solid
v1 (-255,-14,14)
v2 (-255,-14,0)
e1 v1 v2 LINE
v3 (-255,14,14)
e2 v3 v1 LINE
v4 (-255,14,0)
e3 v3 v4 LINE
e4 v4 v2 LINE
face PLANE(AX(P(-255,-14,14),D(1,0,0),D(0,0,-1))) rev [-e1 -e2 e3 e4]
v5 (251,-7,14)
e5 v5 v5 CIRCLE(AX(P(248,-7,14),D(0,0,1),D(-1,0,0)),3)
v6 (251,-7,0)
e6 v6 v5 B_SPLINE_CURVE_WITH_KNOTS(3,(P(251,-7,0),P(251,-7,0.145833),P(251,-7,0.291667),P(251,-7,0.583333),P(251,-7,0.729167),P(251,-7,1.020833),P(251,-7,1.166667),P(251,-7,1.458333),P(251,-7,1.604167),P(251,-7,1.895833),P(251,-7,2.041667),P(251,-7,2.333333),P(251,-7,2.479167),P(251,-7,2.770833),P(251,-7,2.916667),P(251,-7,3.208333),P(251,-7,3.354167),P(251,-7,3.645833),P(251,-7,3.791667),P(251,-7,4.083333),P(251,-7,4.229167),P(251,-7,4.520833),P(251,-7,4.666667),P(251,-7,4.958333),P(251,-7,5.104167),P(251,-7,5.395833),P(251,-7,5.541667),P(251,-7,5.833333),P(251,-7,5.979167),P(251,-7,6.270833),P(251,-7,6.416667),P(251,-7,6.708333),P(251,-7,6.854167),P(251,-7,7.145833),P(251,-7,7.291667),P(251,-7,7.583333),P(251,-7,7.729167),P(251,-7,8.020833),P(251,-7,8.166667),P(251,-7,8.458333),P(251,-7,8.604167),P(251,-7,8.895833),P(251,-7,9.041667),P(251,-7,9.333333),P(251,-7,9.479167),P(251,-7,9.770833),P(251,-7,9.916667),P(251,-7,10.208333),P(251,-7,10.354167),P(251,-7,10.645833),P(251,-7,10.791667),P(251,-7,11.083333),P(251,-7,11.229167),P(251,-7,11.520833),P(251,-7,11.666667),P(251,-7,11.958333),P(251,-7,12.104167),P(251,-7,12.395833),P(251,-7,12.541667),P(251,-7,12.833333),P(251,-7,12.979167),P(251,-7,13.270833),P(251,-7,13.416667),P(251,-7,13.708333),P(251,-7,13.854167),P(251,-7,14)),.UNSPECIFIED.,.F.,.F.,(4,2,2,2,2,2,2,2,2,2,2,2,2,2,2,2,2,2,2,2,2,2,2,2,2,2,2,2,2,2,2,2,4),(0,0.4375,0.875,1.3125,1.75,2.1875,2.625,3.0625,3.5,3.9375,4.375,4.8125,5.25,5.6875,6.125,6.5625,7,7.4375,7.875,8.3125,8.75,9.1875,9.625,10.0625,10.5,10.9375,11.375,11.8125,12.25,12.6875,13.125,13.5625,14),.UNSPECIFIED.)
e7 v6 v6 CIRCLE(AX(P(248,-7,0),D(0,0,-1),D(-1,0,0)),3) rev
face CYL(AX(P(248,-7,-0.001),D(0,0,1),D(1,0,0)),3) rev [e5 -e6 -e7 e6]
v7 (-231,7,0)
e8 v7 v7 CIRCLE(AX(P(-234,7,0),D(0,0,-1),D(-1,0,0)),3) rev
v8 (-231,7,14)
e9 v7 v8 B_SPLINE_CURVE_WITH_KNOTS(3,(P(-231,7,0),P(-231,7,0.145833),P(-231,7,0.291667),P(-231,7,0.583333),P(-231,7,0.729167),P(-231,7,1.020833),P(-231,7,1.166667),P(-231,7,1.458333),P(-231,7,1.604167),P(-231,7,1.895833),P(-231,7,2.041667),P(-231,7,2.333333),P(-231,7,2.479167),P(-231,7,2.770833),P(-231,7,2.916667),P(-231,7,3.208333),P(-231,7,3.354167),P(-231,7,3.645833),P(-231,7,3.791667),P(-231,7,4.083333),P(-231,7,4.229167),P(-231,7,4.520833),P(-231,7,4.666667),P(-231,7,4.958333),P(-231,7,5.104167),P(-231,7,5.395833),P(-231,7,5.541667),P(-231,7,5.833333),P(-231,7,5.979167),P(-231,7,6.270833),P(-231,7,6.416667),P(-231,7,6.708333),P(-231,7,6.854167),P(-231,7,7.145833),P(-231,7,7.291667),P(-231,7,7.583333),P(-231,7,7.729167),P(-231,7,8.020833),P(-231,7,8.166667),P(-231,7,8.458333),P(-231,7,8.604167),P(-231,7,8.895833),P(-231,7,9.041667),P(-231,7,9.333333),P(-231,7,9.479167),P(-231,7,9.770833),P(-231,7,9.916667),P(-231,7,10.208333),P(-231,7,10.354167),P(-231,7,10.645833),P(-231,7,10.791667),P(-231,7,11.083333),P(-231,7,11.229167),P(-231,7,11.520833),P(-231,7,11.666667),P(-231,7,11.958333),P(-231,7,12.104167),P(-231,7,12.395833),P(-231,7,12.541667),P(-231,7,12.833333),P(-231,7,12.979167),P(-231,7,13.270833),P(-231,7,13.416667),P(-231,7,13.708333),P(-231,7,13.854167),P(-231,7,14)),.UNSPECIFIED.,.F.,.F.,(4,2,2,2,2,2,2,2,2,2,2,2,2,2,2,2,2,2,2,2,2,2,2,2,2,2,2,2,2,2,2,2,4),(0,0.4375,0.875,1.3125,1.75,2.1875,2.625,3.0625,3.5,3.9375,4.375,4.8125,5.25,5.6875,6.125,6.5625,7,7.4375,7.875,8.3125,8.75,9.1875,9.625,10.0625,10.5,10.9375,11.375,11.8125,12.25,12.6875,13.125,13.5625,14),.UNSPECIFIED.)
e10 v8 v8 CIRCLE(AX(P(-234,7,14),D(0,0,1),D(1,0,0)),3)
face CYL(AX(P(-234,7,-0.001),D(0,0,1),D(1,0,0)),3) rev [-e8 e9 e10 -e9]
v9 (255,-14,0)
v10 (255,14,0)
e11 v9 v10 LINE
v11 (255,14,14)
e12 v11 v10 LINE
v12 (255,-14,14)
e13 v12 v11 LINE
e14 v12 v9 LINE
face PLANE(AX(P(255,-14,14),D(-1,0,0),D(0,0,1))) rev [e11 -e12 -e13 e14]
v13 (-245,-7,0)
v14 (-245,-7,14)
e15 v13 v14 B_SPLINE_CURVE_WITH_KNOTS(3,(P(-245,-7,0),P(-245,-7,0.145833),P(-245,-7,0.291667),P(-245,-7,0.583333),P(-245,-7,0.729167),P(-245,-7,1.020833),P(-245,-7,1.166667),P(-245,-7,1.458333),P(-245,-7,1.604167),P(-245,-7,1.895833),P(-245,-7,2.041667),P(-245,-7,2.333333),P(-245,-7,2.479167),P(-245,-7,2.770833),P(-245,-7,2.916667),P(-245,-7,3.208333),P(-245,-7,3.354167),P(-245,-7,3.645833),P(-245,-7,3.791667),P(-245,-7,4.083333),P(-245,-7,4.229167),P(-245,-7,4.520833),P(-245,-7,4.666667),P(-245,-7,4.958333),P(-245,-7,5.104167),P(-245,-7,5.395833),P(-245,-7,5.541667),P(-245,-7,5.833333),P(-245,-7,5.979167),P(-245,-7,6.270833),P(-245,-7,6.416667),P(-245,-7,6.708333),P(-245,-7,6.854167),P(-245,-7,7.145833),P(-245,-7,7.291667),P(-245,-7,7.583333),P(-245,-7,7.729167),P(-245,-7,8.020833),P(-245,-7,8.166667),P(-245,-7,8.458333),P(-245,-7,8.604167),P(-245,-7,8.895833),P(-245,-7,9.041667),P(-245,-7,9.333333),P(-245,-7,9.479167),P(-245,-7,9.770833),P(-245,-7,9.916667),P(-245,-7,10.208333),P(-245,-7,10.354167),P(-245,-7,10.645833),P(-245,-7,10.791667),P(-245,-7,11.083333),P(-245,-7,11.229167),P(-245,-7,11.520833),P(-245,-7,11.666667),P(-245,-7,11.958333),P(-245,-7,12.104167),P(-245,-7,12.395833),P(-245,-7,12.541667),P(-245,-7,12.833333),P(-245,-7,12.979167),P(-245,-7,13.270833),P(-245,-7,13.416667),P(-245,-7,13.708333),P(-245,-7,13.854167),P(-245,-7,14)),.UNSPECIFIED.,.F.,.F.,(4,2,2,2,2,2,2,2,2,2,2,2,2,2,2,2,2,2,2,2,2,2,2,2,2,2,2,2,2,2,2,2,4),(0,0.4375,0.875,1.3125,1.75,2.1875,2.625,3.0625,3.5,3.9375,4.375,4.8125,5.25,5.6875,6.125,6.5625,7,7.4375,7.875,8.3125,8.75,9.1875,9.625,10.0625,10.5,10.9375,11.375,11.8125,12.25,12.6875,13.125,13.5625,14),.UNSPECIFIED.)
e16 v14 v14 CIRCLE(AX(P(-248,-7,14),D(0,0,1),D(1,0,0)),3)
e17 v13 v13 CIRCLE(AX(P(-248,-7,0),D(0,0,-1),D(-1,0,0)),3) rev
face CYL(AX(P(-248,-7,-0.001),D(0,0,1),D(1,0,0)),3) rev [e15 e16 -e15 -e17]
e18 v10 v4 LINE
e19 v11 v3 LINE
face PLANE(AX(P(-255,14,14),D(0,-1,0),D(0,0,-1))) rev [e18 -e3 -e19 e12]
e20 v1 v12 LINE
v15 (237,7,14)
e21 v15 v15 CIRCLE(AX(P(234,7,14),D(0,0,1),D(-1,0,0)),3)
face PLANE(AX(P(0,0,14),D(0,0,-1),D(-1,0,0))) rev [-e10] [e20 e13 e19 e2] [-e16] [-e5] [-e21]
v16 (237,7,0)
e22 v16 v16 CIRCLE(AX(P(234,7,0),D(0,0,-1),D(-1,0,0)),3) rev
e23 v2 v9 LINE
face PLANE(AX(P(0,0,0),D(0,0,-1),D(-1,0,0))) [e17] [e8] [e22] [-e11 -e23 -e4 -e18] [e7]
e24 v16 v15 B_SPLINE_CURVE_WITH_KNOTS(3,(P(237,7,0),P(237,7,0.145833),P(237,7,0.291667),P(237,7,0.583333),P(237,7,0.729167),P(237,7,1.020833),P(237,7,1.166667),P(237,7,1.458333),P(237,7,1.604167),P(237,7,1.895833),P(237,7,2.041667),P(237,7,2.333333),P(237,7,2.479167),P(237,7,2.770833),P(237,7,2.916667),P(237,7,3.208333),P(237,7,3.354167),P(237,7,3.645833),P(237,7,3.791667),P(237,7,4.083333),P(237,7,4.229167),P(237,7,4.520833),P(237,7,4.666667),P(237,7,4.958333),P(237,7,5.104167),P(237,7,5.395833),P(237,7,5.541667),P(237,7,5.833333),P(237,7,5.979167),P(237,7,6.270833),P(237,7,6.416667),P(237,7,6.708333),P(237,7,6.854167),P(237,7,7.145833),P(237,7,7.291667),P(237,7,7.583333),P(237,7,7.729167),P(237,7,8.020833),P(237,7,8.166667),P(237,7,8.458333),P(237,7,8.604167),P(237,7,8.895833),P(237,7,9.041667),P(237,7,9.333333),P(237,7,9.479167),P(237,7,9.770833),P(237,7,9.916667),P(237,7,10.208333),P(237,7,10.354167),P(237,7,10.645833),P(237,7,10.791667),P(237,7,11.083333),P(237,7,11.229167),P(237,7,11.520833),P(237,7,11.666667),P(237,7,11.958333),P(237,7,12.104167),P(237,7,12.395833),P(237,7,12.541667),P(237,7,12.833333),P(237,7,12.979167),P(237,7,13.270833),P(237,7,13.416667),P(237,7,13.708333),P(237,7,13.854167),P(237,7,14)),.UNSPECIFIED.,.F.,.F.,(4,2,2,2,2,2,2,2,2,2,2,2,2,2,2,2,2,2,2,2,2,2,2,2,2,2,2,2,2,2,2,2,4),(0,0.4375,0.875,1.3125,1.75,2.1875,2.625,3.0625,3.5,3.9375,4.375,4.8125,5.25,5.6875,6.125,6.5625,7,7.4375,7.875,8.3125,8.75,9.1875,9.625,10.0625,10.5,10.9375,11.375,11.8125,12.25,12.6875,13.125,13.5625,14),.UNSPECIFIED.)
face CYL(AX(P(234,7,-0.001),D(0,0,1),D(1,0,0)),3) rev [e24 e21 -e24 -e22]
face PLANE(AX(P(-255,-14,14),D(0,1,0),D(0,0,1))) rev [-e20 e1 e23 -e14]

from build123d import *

# Parameters (mm, degrees)
IZIM1_W                     = 510
IZIM1_H                     = 28
Y_KSEKLIK_EKSTR_ZYON1_DEPTH = 14
KES_EKSTR_ZYON1_REACH       = 257.767
IZIM2_R                     = 3


with BuildPart() as part:
    # Çizim1 → Yükseklik-Ekstrüzyon1 (new body)
    with BuildSketch(Plane.XY):
        Rectangle(IZIM1_W, IZIM1_H)
    extrude(amount=Y_KSEKLIK_EKSTR_ZYON1_DEPTH)

    # Çizim2 → Kes-Ekstrüzyon1 (cut, up to next)
    with BuildSketch(Plane.XY.offset(14), mode=Mode.PRIVATE) as kes_ekstr_zyon1_sk1:
        with Locations((-234, 7)):
            Circle(IZIM2_R)
    kes_ekstr_zyon1_tool1 = extrude(kes_ekstr_zyon1_sk1.sketch, amount=-KES_EKSTR_ZYON1_REACH, mode=Mode.PRIVATE) & part.part
    # Çizim2 → Kes-Ekstrüzyon1 (cut, up to next)
    with BuildSketch(Plane.XY.offset(14), mode=Mode.PRIVATE) as kes_ekstr_zyon1_sk2:
        with Locations((-248, -7)):
            Circle(IZIM2_R)
    kes_ekstr_zyon1_tool2 = extrude(kes_ekstr_zyon1_sk2.sketch, amount=-KES_EKSTR_ZYON1_REACH, mode=Mode.PRIVATE) & part.part
    # Çizim2 → Kes-Ekstrüzyon1 (cut, up to next)
    with BuildSketch(Plane.XY.offset(14), mode=Mode.PRIVATE) as kes_ekstr_zyon1_sk3:
        with Locations((248, -7)):
            Circle(IZIM2_R)
    kes_ekstr_zyon1_tool3 = extrude(kes_ekstr_zyon1_sk3.sketch, amount=-KES_EKSTR_ZYON1_REACH, mode=Mode.PRIVATE) & part.part
    # Çizim2 → Kes-Ekstrüzyon1 (cut, up to next)
    with BuildSketch(Plane.XY.offset(14), mode=Mode.PRIVATE) as kes_ekstr_zyon1_sk4:
        with Locations((234, 7)):
            Circle(IZIM2_R)
    kes_ekstr_zyon1_tool4 = extrude(kes_ekstr_zyon1_sk4.sketch, amount=-KES_EKSTR_ZYON1_REACH, mode=Mode.PRIVATE) & part.part
    add(kes_ekstr_zyon1_tool1.solids().sort_by_distance((-234, 7, 14))[0], mode=Mode.SUBTRACT)
    add(kes_ekstr_zyon1_tool2.solids().sort_by_distance((-248, -7, 14))[0], mode=Mode.SUBTRACT)
    add(kes_ekstr_zyon1_tool3.solids().sort_by_distance((248, -7, 14))[0], mode=Mode.SUBTRACT)
    add(kes_ekstr_zyon1_tool4.solids().sort_by_distance((234, 7, 14))[0], mode=Mode.SUBTRACT)


solid = part.part
